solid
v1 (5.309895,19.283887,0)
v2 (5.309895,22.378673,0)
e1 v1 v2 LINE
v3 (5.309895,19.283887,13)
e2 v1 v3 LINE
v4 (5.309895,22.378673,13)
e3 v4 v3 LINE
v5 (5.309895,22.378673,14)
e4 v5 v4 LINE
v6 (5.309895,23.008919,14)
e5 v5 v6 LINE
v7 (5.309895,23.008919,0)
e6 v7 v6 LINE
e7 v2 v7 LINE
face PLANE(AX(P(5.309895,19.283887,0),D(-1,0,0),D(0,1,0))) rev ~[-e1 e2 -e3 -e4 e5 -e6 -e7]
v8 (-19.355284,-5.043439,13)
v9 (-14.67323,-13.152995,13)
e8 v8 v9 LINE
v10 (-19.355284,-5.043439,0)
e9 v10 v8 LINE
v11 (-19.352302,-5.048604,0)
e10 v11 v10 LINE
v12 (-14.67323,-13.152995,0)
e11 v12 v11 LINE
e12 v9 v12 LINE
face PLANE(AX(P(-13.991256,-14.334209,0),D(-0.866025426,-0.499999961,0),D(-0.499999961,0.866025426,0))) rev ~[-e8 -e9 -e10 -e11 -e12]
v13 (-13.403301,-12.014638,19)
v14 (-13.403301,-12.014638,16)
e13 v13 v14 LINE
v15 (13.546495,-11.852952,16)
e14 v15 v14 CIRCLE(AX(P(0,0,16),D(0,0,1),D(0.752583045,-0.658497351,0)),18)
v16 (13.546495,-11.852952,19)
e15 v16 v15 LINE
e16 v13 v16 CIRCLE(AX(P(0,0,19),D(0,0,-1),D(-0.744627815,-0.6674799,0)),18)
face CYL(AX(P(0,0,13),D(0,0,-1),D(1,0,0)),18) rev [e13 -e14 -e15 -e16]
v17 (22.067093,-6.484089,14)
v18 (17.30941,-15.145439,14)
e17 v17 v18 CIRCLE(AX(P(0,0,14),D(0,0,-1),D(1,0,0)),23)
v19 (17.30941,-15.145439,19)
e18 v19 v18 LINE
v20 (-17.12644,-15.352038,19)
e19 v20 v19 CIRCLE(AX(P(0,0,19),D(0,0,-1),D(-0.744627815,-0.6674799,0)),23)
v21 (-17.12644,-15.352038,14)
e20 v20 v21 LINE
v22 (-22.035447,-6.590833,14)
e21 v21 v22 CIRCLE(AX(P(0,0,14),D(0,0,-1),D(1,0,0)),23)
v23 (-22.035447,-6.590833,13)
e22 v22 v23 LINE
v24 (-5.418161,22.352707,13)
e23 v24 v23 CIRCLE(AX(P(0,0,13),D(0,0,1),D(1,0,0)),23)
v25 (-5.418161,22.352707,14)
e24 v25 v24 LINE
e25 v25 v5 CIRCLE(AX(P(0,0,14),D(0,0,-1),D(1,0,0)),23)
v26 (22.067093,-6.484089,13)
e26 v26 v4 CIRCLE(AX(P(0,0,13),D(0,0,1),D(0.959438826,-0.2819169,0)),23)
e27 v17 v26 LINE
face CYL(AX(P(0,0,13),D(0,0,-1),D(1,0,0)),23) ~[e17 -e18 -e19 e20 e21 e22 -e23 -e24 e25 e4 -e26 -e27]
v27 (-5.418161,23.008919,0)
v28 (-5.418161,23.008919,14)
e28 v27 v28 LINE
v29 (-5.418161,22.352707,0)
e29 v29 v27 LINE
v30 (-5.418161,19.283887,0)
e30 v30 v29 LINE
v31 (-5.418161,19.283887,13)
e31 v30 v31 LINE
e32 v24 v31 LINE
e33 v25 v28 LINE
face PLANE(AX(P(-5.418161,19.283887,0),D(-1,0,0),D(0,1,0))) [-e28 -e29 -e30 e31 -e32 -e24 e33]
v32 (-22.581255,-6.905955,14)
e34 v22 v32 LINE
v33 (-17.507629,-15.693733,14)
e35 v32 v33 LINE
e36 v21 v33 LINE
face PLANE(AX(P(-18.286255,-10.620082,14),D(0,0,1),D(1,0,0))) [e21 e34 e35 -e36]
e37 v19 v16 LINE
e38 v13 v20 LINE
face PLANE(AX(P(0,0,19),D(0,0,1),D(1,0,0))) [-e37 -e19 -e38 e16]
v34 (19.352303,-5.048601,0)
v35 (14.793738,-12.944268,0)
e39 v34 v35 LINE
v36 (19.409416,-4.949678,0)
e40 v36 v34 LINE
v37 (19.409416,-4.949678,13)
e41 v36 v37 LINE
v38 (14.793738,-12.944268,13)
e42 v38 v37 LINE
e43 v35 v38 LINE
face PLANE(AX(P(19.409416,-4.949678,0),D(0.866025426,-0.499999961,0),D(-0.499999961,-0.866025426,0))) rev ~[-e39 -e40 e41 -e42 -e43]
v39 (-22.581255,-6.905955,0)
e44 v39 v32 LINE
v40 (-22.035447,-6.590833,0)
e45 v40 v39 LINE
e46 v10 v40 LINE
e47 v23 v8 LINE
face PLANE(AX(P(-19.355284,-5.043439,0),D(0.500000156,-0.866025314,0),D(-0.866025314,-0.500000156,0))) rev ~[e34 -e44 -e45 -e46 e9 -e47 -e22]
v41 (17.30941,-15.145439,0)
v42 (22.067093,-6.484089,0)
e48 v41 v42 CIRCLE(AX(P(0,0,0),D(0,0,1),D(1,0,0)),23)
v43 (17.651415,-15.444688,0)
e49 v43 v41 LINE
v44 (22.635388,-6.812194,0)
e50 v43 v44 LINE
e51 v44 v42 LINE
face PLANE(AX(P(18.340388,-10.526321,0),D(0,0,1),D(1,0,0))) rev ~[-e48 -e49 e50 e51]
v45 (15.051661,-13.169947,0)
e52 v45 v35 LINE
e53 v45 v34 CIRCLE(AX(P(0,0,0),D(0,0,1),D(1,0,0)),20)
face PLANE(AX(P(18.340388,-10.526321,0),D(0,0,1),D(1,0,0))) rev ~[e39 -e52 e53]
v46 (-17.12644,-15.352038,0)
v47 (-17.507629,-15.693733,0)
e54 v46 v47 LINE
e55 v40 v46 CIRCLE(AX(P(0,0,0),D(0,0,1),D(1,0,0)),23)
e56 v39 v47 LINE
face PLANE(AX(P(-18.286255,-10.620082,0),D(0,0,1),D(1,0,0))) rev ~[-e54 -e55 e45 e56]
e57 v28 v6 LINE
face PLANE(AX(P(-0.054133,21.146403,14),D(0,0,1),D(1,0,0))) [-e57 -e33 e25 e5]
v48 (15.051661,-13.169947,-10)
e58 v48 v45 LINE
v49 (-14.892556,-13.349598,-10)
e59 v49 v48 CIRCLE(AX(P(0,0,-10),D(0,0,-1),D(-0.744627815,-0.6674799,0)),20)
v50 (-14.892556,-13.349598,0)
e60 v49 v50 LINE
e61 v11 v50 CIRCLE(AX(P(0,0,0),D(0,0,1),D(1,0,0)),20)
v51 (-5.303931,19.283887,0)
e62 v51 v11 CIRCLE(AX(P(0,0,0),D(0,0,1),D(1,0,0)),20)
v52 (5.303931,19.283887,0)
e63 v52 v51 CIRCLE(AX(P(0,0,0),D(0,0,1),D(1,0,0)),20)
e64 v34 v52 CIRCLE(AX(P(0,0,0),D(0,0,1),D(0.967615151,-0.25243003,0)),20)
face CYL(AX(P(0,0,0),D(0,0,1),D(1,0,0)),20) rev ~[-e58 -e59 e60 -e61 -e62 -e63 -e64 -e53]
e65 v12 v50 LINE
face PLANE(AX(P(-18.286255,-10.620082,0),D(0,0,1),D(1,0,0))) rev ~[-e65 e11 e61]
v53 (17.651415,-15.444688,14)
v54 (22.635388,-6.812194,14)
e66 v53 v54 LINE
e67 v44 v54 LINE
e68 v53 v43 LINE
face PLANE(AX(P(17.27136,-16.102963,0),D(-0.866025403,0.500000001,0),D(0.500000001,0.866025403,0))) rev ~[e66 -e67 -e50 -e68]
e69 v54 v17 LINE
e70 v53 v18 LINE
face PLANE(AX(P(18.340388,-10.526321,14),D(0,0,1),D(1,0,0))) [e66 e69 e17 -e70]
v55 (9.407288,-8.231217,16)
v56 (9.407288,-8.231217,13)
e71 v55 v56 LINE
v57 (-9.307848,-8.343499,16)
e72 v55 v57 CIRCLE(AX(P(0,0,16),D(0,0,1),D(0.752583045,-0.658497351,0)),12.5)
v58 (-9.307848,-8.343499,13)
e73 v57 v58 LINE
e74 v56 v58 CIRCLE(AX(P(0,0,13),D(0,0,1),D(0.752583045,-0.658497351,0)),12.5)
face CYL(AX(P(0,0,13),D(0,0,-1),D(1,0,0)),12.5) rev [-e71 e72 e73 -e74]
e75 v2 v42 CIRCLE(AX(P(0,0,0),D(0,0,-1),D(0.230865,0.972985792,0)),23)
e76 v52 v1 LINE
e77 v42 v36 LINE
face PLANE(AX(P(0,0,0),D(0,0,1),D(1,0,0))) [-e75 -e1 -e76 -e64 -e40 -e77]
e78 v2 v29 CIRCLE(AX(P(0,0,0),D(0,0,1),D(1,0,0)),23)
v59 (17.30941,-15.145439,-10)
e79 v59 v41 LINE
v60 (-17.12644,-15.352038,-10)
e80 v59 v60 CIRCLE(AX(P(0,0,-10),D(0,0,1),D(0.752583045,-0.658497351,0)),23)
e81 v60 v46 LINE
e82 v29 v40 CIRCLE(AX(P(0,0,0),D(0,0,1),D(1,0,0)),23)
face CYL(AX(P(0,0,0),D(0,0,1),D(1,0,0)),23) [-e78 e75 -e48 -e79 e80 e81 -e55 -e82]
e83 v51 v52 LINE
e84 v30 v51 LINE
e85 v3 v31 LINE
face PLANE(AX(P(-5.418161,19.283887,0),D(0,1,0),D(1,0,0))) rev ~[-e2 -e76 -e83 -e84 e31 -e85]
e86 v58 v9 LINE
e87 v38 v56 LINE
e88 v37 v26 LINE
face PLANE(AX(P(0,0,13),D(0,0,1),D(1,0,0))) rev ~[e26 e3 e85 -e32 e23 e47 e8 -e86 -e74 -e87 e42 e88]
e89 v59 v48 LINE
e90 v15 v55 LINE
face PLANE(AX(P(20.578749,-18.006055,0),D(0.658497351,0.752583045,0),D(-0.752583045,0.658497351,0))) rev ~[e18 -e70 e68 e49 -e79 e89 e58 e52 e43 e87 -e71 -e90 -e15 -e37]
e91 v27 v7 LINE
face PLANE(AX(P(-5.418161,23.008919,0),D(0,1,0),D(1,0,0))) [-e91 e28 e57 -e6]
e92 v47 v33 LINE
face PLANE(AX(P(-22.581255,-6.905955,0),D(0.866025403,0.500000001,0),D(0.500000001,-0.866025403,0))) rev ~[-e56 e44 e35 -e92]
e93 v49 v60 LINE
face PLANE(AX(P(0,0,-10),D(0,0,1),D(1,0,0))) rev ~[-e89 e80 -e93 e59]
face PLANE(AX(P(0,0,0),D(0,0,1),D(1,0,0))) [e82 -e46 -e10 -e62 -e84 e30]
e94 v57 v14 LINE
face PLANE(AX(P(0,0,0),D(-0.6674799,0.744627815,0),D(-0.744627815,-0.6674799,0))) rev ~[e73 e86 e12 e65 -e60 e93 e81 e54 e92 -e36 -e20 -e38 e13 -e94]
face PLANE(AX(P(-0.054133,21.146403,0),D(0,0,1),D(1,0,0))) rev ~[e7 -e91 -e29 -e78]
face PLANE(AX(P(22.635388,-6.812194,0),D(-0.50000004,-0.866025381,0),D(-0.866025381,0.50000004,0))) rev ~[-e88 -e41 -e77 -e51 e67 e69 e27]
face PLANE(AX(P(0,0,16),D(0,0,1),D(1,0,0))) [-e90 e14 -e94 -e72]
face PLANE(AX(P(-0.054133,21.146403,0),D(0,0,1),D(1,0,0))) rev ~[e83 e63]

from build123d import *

# Parameters (mm, degrees)
F0_R      = 23
F0_R_2    = 20
F1_DEPTH  = 10
F3_R      = 23
F3_R_2    = 18
F4_DEPTH  = 6
F5_R      = 23
F5_R_2    = 12.5
F6_DEPTH  = 3
F7_W      = 10.728056
F7_H      = 3.725031
F8_DEPTH  = 14
F10_DEPTH = 20


with BuildPart() as f1:
    # F0 (on Top) → F1 (new body)
    with BuildSketch(Plane.XY):
        Circle(F0_R)
        Circle(F0_R_2, mode=Mode.SUBTRACT)
    extrude(amount=-F1_DEPTH)



with BuildPart() as f4:
    # F3 (on offset) → F4 (new body)
    with BuildSketch(Plane.XY.offset(13)):
        Circle(F3_R)
        Circle(F3_R_2, mode=Mode.SUBTRACT)
    extrude(amount=F4_DEPTH)


with BuildPart() as f6:
    # F5 (on offset) → F6 (new body)
    with BuildSketch(Plane.XY.offset(13)):
        Circle(F5_R)
        Circle(F5_R_2, mode=Mode.SUBTRACT)
    extrude(amount=F6_DEPTH)


with BuildPart() as f1_1:
    add(f1.part)

    add(f4.part)  # F8 merges F4

    add(f6.part)  # F8 merges F6
    # F7 (on Top) → F8 (join)
    with BuildSketch(Plane.XY):
        with Locations((-0.054133, 21.146403)):
            Rectangle(F7_W, F7_H)
        Polygon((-22.581255, -6.905955), (-17.217227, -16.196724), (-13.991256, -14.334209), (-19.355284, -5.043439), align=None)
        Polygon((17.27136, -16.102963), (22.635388, -6.812194), (19.409416, -4.949678), (14.045388, -14.240448), align=None)
    extrude(amount=F8_DEPTH)


with BuildPart() as f10:
    # F9 (on Top) → F10 (new body, symmetric)
    with BuildSketch(Plane.XY):
        Polygon((20.578749, -18.006055), (0, 0), (-19.199688, -17.210485), (0.803183, -30.16689), align=None)
    extrude(amount=F10_DEPTH, both=True)


with BuildPart() as f1_2:
    add(f1_1.part)

    # F11: cut F10
    add(f10.part, mode=Mode.SUBTRACT)


solid = f1_2.part
